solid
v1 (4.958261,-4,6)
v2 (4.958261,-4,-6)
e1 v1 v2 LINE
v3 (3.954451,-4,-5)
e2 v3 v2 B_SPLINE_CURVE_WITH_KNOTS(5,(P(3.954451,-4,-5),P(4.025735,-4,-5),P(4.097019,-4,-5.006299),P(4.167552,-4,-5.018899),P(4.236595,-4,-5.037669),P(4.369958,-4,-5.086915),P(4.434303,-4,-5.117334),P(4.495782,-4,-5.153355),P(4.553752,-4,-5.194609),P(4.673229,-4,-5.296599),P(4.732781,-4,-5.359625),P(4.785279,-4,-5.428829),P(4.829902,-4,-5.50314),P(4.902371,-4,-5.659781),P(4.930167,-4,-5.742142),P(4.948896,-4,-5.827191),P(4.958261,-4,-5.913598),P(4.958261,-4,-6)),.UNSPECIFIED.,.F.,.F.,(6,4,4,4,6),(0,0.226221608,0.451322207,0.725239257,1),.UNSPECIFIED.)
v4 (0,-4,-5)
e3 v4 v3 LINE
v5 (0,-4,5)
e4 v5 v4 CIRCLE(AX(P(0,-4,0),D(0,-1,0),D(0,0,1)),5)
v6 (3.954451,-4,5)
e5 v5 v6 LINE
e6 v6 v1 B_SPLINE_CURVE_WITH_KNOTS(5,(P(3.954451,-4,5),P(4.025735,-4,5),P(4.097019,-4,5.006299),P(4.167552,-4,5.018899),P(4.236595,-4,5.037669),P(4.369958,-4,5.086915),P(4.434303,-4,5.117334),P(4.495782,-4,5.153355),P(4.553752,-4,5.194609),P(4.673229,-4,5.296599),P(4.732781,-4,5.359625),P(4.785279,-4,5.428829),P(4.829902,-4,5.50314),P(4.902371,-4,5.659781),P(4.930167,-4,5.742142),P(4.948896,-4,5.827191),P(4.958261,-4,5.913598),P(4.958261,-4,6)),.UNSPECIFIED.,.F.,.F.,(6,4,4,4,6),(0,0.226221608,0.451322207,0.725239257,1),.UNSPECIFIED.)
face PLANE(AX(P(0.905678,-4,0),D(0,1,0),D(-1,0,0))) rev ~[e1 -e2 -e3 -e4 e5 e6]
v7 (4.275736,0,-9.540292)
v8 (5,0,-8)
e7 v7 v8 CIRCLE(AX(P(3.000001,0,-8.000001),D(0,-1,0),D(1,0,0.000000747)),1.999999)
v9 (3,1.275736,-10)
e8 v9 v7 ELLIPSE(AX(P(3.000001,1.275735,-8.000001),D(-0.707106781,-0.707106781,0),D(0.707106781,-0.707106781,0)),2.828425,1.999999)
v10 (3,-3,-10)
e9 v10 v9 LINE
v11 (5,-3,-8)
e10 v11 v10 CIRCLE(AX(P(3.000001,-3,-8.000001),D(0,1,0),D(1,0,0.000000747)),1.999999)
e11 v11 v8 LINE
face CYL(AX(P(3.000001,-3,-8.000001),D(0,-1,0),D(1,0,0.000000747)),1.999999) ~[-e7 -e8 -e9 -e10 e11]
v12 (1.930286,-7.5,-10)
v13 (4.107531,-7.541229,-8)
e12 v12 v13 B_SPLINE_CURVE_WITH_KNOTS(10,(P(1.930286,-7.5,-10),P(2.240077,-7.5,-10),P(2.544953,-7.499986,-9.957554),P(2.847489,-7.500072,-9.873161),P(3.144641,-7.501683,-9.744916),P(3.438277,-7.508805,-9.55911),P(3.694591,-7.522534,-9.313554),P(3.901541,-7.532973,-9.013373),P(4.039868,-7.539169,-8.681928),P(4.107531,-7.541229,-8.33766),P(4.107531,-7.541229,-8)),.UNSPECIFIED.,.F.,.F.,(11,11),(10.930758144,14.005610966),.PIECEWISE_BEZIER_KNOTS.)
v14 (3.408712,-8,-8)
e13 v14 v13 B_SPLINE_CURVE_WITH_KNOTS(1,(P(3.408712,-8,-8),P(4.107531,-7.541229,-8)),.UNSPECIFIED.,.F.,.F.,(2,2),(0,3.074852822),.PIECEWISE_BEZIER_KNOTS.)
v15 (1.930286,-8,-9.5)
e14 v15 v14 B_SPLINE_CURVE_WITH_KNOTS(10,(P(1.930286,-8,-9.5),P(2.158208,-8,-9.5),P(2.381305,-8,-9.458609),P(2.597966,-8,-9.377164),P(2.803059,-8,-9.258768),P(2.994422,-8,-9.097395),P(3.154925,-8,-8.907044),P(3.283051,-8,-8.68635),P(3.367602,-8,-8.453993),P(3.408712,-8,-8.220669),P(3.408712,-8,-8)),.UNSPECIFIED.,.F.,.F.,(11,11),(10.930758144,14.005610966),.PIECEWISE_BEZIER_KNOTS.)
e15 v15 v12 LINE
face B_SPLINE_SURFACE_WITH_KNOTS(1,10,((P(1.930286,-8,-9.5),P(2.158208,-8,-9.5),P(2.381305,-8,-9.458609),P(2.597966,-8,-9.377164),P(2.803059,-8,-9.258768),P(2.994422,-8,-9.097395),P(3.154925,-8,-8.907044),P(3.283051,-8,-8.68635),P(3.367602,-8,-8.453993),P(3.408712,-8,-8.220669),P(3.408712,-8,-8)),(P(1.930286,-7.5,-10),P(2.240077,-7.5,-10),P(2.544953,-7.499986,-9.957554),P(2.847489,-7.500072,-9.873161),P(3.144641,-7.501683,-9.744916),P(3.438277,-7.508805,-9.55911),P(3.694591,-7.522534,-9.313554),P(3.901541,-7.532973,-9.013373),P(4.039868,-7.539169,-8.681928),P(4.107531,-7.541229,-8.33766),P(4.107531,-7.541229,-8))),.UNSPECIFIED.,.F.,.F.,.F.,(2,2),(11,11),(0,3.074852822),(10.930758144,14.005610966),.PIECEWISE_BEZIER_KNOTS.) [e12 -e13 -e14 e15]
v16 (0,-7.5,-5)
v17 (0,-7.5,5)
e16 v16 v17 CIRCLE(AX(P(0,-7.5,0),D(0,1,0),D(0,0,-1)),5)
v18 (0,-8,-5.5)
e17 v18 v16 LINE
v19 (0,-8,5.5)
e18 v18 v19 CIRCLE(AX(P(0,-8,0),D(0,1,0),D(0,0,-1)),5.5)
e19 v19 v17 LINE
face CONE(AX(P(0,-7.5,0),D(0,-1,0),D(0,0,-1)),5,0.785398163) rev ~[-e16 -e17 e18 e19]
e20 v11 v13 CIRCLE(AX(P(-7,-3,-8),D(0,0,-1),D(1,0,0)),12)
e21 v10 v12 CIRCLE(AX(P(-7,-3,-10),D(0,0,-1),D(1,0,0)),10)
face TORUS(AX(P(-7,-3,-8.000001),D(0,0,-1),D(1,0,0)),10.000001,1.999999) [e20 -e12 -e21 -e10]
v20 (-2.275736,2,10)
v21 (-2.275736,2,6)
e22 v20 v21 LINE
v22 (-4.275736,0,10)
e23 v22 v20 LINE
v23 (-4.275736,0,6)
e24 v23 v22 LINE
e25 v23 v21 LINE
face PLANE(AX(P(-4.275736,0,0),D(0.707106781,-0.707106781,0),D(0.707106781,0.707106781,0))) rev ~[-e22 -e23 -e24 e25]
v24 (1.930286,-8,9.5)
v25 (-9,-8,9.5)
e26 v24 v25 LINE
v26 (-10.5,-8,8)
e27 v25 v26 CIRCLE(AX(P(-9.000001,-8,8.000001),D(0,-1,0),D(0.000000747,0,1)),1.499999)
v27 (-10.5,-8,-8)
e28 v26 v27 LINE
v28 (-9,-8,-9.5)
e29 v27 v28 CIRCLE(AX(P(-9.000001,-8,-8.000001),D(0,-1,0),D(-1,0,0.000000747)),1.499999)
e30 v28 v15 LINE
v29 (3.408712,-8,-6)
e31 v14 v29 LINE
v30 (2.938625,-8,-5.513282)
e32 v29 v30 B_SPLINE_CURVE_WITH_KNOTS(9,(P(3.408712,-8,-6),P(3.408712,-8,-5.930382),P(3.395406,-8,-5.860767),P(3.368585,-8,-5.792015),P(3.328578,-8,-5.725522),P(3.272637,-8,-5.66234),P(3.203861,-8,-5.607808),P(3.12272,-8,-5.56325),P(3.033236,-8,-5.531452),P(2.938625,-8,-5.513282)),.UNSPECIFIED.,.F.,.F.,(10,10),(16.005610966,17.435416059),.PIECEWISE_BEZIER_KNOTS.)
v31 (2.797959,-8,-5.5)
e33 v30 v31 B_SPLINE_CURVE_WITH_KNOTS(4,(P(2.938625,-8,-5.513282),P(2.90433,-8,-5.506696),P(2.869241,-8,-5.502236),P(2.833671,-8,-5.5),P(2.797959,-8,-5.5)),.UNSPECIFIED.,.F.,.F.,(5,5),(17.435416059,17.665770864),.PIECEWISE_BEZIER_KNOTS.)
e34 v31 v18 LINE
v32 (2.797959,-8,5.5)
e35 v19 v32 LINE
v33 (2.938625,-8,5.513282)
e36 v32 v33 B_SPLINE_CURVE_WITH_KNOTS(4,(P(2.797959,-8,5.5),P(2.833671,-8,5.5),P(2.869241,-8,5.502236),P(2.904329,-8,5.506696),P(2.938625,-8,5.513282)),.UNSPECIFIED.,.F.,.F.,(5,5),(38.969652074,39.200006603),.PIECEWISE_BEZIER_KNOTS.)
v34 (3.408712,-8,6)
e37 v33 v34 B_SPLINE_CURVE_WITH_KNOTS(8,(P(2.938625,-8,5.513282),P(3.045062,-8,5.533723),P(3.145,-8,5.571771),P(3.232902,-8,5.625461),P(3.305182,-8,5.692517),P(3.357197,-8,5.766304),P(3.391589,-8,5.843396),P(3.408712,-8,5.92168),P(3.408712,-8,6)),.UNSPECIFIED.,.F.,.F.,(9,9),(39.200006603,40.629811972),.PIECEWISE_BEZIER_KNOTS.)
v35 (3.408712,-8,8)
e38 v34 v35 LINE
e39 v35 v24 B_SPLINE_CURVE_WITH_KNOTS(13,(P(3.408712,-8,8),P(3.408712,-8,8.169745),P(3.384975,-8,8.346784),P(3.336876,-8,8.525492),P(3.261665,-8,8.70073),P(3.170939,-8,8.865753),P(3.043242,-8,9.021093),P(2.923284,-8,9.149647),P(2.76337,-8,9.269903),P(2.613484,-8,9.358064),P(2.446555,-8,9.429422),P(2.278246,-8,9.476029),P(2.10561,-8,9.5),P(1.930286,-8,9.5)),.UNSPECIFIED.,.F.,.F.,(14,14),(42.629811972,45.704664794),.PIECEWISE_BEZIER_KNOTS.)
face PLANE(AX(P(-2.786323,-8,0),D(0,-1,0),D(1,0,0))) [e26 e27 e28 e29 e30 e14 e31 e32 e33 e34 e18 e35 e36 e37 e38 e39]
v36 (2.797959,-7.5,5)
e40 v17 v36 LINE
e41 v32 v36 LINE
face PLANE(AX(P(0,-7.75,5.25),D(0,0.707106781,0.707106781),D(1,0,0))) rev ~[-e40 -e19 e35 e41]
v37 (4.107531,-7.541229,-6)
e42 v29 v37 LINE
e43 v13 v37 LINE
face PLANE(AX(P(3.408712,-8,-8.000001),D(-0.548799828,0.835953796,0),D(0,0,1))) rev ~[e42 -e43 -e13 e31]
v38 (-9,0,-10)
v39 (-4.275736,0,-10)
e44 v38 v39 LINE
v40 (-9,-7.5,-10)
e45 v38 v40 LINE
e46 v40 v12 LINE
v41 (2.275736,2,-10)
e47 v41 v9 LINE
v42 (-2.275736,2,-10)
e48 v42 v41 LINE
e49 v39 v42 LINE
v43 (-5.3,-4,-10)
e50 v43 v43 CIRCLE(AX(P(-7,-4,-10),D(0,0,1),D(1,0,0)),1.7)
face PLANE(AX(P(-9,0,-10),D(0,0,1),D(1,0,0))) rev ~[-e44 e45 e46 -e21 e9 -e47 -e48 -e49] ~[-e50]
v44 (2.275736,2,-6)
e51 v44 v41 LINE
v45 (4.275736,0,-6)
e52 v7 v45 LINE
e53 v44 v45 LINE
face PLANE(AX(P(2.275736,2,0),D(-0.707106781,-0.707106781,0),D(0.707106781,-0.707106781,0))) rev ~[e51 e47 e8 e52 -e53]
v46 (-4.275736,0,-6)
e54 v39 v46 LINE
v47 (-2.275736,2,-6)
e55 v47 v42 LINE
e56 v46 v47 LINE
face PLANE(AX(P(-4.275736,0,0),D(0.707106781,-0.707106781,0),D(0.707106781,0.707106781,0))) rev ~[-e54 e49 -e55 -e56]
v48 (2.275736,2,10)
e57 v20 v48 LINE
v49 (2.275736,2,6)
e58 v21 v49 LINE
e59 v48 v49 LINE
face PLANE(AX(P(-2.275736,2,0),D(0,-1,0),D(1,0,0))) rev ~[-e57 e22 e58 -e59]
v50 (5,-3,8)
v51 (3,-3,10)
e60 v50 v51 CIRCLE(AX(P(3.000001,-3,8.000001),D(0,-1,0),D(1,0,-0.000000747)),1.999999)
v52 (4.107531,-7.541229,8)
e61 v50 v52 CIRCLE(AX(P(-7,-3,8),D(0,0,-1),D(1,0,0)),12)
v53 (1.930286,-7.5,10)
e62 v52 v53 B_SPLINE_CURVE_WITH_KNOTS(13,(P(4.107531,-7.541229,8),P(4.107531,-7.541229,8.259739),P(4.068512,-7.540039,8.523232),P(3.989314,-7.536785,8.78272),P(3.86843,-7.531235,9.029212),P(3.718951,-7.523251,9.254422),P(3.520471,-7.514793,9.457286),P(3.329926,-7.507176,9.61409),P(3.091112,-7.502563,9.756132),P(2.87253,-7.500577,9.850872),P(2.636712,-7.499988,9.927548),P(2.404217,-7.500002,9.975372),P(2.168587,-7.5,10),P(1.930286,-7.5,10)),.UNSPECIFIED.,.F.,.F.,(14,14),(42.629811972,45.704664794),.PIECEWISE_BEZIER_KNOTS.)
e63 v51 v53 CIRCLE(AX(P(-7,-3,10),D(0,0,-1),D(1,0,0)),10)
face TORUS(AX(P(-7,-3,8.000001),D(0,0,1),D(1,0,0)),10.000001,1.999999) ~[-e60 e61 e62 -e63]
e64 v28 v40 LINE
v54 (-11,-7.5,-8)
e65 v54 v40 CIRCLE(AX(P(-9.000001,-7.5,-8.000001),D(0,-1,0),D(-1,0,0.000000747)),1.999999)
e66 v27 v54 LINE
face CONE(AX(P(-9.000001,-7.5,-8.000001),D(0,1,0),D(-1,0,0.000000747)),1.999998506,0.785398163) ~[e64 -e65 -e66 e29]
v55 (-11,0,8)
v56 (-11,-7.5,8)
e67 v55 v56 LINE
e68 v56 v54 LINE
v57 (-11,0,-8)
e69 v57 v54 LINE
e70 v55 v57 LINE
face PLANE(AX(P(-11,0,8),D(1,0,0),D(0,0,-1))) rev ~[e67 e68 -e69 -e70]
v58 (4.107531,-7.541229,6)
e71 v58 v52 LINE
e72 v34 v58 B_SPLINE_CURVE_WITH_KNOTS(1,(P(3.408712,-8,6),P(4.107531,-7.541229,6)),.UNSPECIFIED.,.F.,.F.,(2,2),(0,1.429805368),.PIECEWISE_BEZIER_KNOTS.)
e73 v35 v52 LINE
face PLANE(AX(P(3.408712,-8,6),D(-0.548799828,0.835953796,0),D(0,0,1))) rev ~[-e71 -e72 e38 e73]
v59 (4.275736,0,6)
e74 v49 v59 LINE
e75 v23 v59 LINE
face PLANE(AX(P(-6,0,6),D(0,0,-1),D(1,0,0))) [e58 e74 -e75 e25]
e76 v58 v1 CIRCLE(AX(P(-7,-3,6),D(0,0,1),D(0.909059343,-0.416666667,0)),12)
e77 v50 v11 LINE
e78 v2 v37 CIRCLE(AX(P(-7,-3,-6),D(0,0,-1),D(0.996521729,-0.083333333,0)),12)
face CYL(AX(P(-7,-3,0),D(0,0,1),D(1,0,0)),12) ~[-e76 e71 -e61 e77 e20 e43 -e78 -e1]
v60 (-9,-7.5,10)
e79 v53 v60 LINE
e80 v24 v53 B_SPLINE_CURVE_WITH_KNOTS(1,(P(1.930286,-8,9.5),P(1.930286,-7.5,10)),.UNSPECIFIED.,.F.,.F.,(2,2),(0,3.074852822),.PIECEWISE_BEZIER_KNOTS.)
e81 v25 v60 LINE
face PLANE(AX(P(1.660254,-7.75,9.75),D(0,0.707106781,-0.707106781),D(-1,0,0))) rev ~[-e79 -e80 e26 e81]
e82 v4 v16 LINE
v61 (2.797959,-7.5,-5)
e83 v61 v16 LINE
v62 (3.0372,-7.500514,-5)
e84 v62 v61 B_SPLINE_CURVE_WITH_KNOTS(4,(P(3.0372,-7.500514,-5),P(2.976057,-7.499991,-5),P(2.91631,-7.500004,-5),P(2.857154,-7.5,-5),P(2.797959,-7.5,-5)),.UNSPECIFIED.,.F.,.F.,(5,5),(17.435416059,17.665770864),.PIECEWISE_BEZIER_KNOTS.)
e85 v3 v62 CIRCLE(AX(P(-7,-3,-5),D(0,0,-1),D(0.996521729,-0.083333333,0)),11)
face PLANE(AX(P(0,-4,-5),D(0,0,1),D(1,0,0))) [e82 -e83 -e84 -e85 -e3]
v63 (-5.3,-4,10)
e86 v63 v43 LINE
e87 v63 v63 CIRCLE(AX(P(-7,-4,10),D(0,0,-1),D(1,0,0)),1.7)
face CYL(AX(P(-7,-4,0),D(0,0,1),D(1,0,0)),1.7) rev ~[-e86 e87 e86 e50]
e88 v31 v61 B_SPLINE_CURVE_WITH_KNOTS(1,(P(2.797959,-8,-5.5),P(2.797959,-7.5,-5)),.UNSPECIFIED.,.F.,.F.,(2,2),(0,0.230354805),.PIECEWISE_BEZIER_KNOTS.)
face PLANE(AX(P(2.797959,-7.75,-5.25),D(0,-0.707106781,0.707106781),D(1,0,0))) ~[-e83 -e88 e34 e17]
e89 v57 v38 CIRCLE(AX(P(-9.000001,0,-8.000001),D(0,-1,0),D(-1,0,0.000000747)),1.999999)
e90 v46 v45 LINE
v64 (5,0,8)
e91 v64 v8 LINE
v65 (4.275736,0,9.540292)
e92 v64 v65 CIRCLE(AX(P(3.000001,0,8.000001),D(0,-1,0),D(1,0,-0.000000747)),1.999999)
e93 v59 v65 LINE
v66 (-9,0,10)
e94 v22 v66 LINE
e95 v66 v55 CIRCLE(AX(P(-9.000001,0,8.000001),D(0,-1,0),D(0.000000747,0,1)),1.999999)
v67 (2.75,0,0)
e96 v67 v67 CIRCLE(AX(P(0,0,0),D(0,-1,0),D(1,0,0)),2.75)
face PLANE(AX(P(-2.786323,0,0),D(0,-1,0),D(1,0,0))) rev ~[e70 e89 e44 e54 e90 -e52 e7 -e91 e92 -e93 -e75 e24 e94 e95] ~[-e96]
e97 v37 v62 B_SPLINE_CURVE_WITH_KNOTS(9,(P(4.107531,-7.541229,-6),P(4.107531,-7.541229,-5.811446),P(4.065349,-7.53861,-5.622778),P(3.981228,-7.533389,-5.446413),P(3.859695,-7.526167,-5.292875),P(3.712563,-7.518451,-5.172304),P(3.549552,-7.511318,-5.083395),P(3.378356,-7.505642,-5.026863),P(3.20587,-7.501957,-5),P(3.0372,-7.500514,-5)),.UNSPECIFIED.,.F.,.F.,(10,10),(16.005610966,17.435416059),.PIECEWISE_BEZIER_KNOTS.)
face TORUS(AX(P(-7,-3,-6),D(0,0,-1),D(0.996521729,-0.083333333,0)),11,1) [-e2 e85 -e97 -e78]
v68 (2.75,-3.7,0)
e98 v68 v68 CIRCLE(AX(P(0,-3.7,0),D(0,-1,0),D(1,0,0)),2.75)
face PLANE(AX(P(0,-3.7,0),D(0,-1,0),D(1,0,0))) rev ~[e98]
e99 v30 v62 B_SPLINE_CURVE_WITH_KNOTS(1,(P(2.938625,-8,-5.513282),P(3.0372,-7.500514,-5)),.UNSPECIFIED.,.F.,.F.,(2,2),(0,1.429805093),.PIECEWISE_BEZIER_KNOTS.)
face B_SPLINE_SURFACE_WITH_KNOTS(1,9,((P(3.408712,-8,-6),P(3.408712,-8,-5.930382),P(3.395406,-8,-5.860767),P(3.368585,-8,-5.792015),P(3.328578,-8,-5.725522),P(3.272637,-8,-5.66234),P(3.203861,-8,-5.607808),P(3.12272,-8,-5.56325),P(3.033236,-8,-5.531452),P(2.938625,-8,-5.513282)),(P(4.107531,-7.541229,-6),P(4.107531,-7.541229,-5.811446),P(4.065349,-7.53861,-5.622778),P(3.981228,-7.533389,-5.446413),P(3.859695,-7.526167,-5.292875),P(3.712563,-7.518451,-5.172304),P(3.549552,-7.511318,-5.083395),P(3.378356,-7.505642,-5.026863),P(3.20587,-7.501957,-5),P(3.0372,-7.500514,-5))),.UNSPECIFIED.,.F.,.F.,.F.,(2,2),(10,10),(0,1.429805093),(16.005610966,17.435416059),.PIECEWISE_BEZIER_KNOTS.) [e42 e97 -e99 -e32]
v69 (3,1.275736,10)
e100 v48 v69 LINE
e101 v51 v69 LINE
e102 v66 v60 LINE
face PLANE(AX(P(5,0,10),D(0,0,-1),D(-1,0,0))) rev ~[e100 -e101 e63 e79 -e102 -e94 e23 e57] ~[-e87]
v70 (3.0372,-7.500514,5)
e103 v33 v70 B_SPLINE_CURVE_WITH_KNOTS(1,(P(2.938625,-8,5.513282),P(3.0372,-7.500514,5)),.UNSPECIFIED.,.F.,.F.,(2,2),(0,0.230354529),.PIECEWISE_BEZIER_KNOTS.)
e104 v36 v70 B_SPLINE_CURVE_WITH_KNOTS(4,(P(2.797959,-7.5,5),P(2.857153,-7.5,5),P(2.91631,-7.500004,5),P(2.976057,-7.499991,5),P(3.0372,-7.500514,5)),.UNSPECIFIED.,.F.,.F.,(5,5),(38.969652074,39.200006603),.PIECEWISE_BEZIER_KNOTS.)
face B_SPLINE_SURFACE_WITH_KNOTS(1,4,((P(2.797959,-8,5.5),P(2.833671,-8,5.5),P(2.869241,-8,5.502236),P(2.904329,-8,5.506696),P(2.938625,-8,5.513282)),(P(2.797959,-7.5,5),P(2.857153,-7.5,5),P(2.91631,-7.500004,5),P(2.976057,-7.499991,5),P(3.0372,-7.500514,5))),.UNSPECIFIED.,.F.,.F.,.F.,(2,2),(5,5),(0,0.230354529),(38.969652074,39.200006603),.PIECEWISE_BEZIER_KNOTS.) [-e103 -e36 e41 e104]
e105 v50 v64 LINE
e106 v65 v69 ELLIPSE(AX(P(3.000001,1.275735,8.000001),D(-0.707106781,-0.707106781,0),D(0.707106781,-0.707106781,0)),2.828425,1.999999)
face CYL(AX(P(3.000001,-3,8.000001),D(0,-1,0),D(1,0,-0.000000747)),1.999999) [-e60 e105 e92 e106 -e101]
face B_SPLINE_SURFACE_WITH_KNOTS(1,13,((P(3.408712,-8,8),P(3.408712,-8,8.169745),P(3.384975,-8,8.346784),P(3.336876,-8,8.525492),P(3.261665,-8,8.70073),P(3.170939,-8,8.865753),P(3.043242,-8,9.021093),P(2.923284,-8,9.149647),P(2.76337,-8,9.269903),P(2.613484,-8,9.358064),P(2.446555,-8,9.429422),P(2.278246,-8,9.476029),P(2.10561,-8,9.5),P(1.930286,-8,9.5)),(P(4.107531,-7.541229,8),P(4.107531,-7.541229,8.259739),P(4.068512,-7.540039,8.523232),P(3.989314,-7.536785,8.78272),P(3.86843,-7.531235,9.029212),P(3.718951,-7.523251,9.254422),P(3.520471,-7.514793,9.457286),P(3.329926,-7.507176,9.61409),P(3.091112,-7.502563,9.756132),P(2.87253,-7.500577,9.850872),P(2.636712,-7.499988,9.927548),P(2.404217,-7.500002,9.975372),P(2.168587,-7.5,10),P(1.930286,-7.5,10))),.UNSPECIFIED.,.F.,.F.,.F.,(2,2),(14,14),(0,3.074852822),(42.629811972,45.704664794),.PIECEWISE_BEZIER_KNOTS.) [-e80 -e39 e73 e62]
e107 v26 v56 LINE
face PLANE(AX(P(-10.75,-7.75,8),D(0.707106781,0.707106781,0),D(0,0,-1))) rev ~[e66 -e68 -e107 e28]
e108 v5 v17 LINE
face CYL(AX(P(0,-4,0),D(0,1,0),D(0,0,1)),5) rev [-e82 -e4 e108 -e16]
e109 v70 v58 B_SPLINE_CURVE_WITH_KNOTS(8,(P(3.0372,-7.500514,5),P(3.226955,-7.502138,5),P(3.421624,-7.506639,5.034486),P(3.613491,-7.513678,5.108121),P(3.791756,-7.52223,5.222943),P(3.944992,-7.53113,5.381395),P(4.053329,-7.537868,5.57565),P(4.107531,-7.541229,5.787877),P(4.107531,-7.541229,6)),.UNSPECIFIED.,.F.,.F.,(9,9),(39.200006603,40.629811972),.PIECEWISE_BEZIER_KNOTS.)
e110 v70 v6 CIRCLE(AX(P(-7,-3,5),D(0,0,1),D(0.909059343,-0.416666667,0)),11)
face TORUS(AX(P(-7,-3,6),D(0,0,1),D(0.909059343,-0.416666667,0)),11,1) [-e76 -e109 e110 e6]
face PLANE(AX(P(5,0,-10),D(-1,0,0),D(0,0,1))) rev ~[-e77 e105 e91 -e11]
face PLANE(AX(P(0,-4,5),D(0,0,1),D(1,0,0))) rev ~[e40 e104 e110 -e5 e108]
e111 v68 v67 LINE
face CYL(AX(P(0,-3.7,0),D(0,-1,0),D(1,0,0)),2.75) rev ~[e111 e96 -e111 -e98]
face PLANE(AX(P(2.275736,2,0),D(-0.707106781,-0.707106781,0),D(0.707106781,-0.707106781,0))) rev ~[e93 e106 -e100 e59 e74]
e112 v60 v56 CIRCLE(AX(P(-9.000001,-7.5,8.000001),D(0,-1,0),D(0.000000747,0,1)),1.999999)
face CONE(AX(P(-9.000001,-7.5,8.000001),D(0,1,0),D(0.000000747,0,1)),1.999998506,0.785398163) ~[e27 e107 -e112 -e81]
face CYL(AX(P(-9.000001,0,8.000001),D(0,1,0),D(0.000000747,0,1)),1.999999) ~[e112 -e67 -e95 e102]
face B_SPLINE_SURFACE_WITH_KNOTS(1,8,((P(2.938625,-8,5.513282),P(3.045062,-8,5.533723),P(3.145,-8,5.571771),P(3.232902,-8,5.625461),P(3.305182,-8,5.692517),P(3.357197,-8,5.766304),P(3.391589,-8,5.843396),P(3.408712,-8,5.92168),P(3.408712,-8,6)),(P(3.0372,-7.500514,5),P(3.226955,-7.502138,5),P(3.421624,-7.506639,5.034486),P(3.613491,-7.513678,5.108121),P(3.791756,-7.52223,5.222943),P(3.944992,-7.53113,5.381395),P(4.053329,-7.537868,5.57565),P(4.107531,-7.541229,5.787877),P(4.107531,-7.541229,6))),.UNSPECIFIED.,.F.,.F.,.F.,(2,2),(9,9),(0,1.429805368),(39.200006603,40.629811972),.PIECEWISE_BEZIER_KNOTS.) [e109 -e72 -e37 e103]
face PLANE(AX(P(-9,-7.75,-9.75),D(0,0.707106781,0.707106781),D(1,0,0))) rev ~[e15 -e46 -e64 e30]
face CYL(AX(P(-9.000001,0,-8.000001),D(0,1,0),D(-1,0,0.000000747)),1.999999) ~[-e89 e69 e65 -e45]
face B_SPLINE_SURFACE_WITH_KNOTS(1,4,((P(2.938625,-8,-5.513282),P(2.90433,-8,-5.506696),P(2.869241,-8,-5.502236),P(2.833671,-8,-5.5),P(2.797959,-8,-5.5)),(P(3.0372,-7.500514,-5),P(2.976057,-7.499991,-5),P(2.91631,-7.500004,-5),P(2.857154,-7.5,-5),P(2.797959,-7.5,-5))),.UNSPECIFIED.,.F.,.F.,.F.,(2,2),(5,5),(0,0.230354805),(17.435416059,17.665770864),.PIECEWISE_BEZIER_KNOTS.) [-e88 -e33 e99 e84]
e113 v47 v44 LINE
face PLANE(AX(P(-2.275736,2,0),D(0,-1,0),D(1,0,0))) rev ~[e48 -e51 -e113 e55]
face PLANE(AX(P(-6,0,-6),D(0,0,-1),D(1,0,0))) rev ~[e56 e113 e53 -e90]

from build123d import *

# Parameters (mm, degrees)
PAD094_DEPTH         = 8
POCKET301_DEPTH      = 4.001
SKETCH433_R          = 1.7
POCKET302_DEPTH      = 10.001
POCKET302_DEPTH_BACK = 10.001
PAD095_DEPTH         = 10
SKETCH437_R          = 2.75
POCKET305_DEPTH      = 5.701
SKETCH436_W          = 12
SKETCH436_H          = 12
POCKET306_DEPTH      = 2.001
GROOVE016_ANGLE      = -90
POCKET307_DEPTH      = 59.991909
FILLET004_R          = 1
CHAMFER007_SIZE      = 0.5


with BuildPart() as part:
    # Sketch431 → Pad094 (new body)
    with BuildSketch(Plane.XZ):
        with BuildLine():
            Line((-11, 8), (-11, -8))
            ThreePointArc((-11, -8), (-10.414214, -9.414214), (-9, -10))
            Line((-9, -10), (5, -10))
            Line((5, -10), (5, 10))
            Line((5, 10), (-9, 10))
            ThreePointArc((-9, 10), (-10.414214, 9.414214), (-11, 8))
        make_face()
    extrude(amount=PAD094_DEPTH)

    # Sketch432 → Pocket301 (cut, through all)
    with BuildSketch(Plane.XZ.offset(4)):
        with BuildLine():
            Line((0, 5), (5, 5))
            Line((5, -5), (5, 5))
            Line((0, -5), (5, -5))
            ThreePointArc((0, 5), (-5, 0), (0, -5))
        make_face()
    extrude(amount=POCKET301_DEPTH, mode=Mode.SUBTRACT)

    # Sketch433 → Pocket302 (cut, two sides)
    with BuildSketch(Plane.XY) as pocket302_sk:
        with Locations((-7, -4)):
            Circle(SKETCH433_R)
    extrude(amount=-POCKET302_DEPTH, mode=Mode.SUBTRACT)
    extrude(pocket302_sk.sketch, amount=POCKET302_DEPTH_BACK, mode=Mode.SUBTRACT)

    # Sketch434 → Pad095 (join, symmetric)
    with BuildSketch(Plane.XY):
        Polygon((-4.275736, 0), (-2.275736, 2), (2.275736, 2), (4.275736, 0), align=None)
    extrude(amount=PAD095_DEPTH, both=True)

    # Sketch437 → Pocket305 (cut, through all)
    with BuildSketch(Plane.XZ.offset(3.7)):
        Circle(SKETCH437_R)
    extrude(amount=-POCKET305_DEPTH, mode=Mode.SUBTRACT)

    # Sketch436 → Pocket306 (cut, through all)
    with BuildSketch(Plane.XZ):
        Rectangle(SKETCH436_W, SKETCH436_H)
    extrude(amount=-POCKET306_DEPTH, mode=Mode.SUBTRACT)

    # Sketch435 → Groove016 (revolve, cut)
    with BuildSketch(Plane(origin=(-7, -3, 0), x_dir=(1, 0, 0), z_dir=(0, -1, 0))):
        with BuildLine():
            ThreePointArc((12, 8), (11.414214, 9.414214), (10, 10))
            Line((10, 10), (16, 10))
            Line((16, 10), (16, 0))
            Line((16, 0), (12, 0))
            Line((12, 0), (12, 8))
        make_face()
    groove016 = revolve(axis=Axis((-7, -3, 0), (0, 0, 1)), revolution_arc=GROOVE016_ANGLE, mode=Mode.SUBTRACT)

    # Sketch435 → Pocket307 (cut, through all)
    with BuildSketch(Plane(origin=(-7, -3, 0), x_dir=(1, 0, 0), z_dir=(0, -1, 0))):
        with BuildLine():
            ThreePointArc((12, 8), (11.414214, 9.414214), (10, 10))
            Line((10, 10), (16, 10))
            Line((16, 10), (16, 0))
            Line((16, 0), (12, 0))
            Line((12, 0), (12, 8))
        make_face()
    pocket307 = extrude(amount=-POCKET307_DEPTH, mode=Mode.SUBTRACT)

    # Mirrored011: Pocket307, Groove016 across XY
    add(pocket307.mirror(Plane.XY), mode=Mode.SUBTRACT)
    add(groove016.mirror(Plane.XY), mode=Mode.SUBTRACT)

    # Fillet004
    fillet004_edges = [part.edges().sort_by_distance(p)[0] for p in [
        (4.607093, -6.045552, 5),
        (4.607093, -6.045552, -5),
    ]]
    fillet(fillet004_edges, radius=FILLET004_R)

    # Chamfer007
    chamfer007_edges = [part.edges().sort_by_distance(p)[0] for p in [
        (-3.669873, -8, -10),
    ]]
    chamfer(chamfer007_edges, length=CHAMFER007_SIZE)


solid = part.part
